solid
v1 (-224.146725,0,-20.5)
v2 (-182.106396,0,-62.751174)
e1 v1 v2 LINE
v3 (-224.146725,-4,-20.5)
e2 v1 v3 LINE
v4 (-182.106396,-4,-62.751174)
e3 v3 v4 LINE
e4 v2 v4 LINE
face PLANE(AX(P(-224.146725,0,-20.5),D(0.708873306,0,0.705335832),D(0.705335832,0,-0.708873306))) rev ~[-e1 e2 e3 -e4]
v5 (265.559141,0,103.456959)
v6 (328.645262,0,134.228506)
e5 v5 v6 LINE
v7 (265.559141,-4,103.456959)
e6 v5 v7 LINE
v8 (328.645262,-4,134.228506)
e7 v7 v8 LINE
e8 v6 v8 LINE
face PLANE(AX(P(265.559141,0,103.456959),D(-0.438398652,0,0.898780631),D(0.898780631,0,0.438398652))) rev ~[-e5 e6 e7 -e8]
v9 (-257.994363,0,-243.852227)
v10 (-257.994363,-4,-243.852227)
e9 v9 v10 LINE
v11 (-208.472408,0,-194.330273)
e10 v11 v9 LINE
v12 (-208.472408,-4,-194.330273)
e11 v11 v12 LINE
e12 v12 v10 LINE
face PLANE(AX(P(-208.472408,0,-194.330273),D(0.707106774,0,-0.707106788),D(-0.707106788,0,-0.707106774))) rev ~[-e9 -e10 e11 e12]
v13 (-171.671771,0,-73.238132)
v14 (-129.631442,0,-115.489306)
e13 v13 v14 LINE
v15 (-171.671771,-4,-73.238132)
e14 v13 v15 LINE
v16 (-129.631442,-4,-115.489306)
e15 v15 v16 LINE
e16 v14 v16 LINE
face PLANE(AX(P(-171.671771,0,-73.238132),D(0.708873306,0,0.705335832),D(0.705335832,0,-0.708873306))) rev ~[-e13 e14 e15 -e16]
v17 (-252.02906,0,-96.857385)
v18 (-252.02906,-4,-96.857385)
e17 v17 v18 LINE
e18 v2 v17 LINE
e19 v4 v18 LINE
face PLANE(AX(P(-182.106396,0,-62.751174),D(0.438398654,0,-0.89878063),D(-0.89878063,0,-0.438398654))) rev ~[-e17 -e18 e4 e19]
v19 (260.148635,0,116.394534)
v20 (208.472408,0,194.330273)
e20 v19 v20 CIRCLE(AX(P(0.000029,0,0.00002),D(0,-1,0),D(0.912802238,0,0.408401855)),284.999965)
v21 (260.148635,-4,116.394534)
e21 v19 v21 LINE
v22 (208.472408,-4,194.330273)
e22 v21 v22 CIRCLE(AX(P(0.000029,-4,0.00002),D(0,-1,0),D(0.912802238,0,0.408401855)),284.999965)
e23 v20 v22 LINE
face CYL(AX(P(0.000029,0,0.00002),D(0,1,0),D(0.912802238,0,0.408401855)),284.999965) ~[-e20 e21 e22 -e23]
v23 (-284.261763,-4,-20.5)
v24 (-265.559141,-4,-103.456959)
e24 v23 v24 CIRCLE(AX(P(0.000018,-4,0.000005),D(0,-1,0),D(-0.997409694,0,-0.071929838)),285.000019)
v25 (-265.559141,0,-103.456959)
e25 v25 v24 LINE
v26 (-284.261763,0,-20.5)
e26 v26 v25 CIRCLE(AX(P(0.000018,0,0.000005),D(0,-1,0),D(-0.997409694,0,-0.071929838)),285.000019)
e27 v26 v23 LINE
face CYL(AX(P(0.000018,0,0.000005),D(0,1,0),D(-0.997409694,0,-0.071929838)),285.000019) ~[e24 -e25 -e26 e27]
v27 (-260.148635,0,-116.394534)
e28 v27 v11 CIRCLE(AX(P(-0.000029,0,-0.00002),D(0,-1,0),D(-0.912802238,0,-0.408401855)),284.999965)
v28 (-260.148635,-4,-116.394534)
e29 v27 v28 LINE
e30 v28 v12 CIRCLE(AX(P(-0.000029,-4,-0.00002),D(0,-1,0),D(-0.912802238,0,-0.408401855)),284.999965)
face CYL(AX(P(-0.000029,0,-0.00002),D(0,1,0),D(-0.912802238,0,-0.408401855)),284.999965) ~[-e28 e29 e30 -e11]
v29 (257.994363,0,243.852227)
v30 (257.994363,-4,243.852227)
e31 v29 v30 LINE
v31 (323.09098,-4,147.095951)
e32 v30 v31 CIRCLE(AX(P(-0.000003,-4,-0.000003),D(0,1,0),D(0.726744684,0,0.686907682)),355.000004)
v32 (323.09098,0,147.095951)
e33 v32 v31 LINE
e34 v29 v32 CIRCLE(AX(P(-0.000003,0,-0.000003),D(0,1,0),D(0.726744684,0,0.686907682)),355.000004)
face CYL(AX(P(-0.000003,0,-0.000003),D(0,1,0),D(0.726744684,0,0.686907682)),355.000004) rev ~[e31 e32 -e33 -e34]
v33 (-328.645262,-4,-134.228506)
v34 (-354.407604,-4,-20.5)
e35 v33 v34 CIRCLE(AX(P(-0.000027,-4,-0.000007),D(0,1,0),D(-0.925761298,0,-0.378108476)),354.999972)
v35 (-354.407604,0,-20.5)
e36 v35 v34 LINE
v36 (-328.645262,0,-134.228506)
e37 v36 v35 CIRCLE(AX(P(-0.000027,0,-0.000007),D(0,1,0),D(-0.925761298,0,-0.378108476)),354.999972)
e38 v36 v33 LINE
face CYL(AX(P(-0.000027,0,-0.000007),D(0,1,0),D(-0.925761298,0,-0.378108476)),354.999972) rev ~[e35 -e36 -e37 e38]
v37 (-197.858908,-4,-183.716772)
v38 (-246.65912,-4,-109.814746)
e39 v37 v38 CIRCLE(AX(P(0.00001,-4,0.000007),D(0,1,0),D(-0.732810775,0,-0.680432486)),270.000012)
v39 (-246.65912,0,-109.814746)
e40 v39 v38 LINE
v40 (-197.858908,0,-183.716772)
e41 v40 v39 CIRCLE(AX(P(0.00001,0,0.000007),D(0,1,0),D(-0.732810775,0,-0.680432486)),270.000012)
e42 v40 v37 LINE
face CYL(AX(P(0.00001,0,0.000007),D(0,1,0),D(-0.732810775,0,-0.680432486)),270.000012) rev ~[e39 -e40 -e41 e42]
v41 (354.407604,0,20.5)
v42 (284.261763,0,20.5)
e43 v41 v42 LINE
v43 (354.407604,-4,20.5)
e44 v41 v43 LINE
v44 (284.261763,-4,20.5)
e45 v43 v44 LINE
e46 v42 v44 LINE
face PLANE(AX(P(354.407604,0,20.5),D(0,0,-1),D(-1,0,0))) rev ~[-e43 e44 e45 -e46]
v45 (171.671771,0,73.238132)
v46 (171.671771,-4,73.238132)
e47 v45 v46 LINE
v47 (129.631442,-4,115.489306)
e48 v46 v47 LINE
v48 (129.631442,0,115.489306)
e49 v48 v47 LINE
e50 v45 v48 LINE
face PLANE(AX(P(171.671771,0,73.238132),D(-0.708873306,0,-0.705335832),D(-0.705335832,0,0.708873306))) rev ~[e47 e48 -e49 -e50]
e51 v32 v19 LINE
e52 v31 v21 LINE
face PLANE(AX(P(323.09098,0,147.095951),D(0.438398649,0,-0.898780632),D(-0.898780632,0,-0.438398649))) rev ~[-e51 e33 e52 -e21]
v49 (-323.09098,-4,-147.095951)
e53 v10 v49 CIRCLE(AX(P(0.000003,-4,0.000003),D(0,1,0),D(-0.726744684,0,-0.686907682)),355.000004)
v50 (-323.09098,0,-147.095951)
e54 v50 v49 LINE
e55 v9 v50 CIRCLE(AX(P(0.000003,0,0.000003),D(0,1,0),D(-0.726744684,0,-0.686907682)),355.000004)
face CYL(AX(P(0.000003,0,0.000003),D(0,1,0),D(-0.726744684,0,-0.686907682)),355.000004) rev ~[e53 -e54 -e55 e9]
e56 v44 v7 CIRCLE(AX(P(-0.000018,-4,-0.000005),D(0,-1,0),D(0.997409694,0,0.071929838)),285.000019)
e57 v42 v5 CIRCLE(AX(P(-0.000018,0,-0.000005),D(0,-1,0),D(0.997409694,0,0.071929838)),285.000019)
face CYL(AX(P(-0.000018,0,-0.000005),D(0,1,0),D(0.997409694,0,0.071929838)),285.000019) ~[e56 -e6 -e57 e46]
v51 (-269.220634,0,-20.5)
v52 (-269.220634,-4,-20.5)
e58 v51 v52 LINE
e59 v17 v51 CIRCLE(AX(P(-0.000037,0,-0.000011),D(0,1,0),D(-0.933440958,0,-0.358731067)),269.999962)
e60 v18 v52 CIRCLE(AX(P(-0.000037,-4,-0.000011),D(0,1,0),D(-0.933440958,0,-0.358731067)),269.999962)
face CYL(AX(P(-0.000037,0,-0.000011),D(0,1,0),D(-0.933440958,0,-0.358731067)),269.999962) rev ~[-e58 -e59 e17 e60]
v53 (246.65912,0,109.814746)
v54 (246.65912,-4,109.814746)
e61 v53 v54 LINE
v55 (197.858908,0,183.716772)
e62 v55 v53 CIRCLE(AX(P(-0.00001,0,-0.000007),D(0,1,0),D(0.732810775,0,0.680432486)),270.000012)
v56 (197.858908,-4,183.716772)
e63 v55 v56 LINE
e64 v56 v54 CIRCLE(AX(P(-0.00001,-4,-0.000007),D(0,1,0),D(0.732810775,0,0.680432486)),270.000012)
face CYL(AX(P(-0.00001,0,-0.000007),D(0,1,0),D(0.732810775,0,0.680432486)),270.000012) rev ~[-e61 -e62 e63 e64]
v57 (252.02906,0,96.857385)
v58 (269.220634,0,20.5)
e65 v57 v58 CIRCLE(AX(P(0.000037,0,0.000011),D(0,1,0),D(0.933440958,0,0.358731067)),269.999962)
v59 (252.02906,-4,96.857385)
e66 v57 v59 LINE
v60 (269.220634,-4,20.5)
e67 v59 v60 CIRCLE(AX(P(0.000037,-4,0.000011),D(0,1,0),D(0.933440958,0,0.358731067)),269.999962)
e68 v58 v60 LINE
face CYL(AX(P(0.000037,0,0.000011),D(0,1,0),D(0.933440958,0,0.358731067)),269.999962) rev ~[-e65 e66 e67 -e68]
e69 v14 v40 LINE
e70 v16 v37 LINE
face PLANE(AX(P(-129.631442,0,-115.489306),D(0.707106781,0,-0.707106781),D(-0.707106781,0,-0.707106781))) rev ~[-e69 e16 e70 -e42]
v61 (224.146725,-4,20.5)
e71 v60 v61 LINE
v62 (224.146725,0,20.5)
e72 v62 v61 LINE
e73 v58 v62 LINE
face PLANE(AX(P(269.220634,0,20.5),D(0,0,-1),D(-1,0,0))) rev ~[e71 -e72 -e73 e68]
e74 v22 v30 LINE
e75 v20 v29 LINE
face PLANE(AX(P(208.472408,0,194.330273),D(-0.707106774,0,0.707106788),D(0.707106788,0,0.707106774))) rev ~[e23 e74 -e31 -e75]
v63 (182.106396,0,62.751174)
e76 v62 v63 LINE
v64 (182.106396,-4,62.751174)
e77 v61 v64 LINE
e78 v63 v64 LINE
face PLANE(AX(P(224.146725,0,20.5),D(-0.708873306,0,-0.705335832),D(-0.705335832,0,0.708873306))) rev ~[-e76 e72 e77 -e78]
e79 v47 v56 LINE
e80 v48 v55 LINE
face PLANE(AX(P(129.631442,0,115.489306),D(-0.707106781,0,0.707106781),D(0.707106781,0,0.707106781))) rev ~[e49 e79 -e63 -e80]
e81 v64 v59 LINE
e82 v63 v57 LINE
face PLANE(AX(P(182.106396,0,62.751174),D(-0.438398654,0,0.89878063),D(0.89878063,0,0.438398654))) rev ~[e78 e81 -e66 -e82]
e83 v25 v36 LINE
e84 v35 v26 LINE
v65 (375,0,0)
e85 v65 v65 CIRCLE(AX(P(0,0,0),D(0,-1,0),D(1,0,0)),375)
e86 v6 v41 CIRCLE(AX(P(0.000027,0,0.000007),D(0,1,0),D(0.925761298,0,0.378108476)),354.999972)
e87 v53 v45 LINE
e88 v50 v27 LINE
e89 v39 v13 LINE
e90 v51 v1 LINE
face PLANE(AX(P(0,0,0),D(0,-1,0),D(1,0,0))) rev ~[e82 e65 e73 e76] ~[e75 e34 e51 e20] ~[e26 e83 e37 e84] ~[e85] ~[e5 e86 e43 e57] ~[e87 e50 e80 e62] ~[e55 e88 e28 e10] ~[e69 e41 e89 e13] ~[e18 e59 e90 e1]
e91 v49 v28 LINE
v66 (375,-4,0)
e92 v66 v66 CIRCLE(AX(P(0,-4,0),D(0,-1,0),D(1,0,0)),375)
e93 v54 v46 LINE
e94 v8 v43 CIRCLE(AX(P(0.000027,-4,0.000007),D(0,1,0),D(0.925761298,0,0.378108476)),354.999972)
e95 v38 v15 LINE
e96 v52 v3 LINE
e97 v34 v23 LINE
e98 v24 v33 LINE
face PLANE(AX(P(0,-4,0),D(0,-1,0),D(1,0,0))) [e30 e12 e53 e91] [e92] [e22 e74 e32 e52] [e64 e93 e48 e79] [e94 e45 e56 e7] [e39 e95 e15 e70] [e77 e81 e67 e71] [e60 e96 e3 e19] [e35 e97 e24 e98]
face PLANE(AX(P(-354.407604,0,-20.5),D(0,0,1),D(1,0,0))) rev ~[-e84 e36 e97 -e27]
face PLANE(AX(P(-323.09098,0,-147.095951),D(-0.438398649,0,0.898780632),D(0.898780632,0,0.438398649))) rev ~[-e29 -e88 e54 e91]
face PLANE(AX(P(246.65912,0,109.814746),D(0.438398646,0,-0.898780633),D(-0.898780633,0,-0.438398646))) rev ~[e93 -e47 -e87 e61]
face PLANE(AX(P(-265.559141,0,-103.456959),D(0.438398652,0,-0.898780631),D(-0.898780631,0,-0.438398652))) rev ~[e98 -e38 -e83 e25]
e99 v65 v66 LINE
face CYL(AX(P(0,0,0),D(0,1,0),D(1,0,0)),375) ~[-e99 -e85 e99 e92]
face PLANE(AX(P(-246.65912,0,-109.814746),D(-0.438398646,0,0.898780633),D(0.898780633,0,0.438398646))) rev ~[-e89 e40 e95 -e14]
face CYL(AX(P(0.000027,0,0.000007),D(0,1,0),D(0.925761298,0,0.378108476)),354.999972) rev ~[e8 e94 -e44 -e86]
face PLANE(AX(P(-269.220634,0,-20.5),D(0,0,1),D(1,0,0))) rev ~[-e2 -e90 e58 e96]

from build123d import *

# Parameters (mm, degrees)
F2_R     = 375
F3_DEPTH = 4


with BuildPart() as f3:
    # F2 (on Front) → F3 (new body)
    with BuildSketch(Plane.XZ):
        Circle(F2_R)
        with BuildLine():
            Line((-208.472408, -194.330273), (-257.994363, -243.852227))
            ThreePointArc((-257.994363, -243.852227), (-294.542846, -198.165365), (-323.09098, -147.095951))
            ThreePointArc((-323.09098, -147.095951), (-325.931626, -140.68964), (-328.645262, -134.228506))
            ThreePointArc((-328.645262, -134.228506), (-346.228029, -78.429281), (-354.407604, -20.5))
            Line((-354.407604, -20.5), (-284.261763, -20.5))
            Line((-284.261763, -20.5), (-269.220634, -20.5))
            Line((-269.220634, -20.5), (-224.146725, -20.5))
            Line((-224.146725, -20.5), (-182.106396, -62.751174))
            Line((-182.106396, -62.751174), (-171.671771, -73.238132))
            Line((-171.671771, -73.238132), (-129.631442, -115.489306))
            Line((-129.631442, -115.489306), (-197.858908, -183.716772))
            Line((-197.858908, -183.716772), (-208.472408, -194.330273))
        make_face(mode=Mode.SUBTRACT)
        with BuildLine():
            Line((269.220634, 20.5), (224.146725, 20.5))
            Line((224.146725, 20.5), (182.106396, 62.751174))
            Line((182.106396, 62.751174), (171.671771, 73.238132))
            Line((171.671771, 73.238132), (129.631442, 115.489306))
            Line((129.631442, 115.489306), (197.858908, 183.716772))
            Line((197.858908, 183.716772), (208.472408, 194.330273))
            Line((208.472408, 194.330273), (257.994363, 243.852227))
            ThreePointArc((257.994363, 243.852227), (294.542846, 198.165365), (323.09098, 147.095951))
            ThreePointArc((323.09098, 147.095951), (325.931626, 140.68964), (328.645262, 134.228506))
            ThreePointArc((328.645262, 134.228506), (346.228029, 78.429281), (354.407604, 20.5))
            Line((354.407604, 20.5), (284.261763, 20.5))
            Line((284.261763, 20.5), (269.220634, 20.5))
        make_face(mode=Mode.SUBTRACT)
        with BuildLine():
            ThreePointArc((-252.02906, -96.857385), (-249.428243, -103.370941), (-246.65912, -109.814746))
            Line((-246.65912, -109.814746), (-171.671771, -73.238132))
            Line((-171.671771, -73.238132), (-182.106396, -62.751174))
            Line((-182.106396, -62.751174), (-252.02906, -96.857385))
        make_face()
        with BuildLine():
            ThreePointArc((-284.261763, -20.5), (-278.021979, -62.679972), (-265.559141, -103.456959))
            Line((-265.559141, -103.456959), (-252.02906, -96.857385))
            ThreePointArc((-252.02906, -96.857385), (-263.406385, -59.304945), (-269.220634, -20.5))
            Line((-269.220634, -20.5), (-284.261763, -20.5))
        make_face()
        with BuildLine():
            ThreePointArc((-328.645262, -134.228506), (-325.931626, -140.68964), (-323.09098, -147.095951))
            Line((-323.09098, -147.095951), (-260.148635, -116.394534))
            Line((-260.148635, -116.394534), (-246.65912, -109.814746))
            ThreePointArc((-246.65912, -109.814746), (-249.428243, -103.370941), (-252.02906, -96.857385))
            Line((-252.02906, -96.857385), (-265.559141, -103.456959))
            Line((-265.559141, -103.456959), (-328.645262, -134.228506))
        make_face()
        with BuildLine():
            ThreePointArc((-260.148635, -116.394534), (-237.528768, -157.4963), (-208.472408, -194.330273))
            Line((-208.472408, -194.330273), (-197.858908, -183.716772))
            ThreePointArc((-197.858908, -183.716772), (-225.309668, -148.780218), (-246.65912, -109.814746))
            Line((-246.65912, -109.814746), (-260.148635, -116.394534))
        make_face()
        with BuildLine():
            ThreePointArc((197.858908, 183.716772), (225.309668, 148.780218), (246.65912, 109.814746))
            Line((246.65912, 109.814746), (260.148635, 116.394534))
            ThreePointArc((260.148635, 116.394534), (237.528768, 157.4963), (208.472408, 194.330273))
            Line((208.472408, 194.330273), (197.858908, 183.716772))
        make_face()
        with BuildLine():
            Line((171.671771, 73.238132), (182.106396, 62.751174))
            Line((182.106396, 62.751174), (252.02906, 96.857385))
            ThreePointArc((252.02906, 96.857385), (249.428243, 103.370941), (246.65912, 109.814746))
            Line((246.65912, 109.814746), (171.671771, 73.238132))
        make_face()
        with BuildLine():
            ThreePointArc((252.02906, 96.857385), (263.406385, 59.304945), (269.220634, 20.5))
            Line((269.220634, 20.5), (284.261763, 20.5))
            ThreePointArc((284.261763, 20.5), (278.021979, 62.679972), (265.559141, 103.456959))
            Line((265.559141, 103.456959), (252.02906, 96.857385))
        make_face()
        with BuildLine():
            ThreePointArc((246.65912, 109.814746), (249.428243, 103.370941), (252.02906, 96.857385))
            Line((252.02906, 96.857385), (265.559141, 103.456959))
            Line((265.559141, 103.456959), (328.645262, 134.228506))
            ThreePointArc((328.645262, 134.228506), (325.931626, 140.68964), (323.09098, 147.095951))
            Line((323.09098, 147.095951), (260.148635, 116.394534))
            Line((260.148635, 116.394534), (246.65912, 109.814746))
        make_face()
    extrude(amount=F3_DEPTH)


solid = f3.part
